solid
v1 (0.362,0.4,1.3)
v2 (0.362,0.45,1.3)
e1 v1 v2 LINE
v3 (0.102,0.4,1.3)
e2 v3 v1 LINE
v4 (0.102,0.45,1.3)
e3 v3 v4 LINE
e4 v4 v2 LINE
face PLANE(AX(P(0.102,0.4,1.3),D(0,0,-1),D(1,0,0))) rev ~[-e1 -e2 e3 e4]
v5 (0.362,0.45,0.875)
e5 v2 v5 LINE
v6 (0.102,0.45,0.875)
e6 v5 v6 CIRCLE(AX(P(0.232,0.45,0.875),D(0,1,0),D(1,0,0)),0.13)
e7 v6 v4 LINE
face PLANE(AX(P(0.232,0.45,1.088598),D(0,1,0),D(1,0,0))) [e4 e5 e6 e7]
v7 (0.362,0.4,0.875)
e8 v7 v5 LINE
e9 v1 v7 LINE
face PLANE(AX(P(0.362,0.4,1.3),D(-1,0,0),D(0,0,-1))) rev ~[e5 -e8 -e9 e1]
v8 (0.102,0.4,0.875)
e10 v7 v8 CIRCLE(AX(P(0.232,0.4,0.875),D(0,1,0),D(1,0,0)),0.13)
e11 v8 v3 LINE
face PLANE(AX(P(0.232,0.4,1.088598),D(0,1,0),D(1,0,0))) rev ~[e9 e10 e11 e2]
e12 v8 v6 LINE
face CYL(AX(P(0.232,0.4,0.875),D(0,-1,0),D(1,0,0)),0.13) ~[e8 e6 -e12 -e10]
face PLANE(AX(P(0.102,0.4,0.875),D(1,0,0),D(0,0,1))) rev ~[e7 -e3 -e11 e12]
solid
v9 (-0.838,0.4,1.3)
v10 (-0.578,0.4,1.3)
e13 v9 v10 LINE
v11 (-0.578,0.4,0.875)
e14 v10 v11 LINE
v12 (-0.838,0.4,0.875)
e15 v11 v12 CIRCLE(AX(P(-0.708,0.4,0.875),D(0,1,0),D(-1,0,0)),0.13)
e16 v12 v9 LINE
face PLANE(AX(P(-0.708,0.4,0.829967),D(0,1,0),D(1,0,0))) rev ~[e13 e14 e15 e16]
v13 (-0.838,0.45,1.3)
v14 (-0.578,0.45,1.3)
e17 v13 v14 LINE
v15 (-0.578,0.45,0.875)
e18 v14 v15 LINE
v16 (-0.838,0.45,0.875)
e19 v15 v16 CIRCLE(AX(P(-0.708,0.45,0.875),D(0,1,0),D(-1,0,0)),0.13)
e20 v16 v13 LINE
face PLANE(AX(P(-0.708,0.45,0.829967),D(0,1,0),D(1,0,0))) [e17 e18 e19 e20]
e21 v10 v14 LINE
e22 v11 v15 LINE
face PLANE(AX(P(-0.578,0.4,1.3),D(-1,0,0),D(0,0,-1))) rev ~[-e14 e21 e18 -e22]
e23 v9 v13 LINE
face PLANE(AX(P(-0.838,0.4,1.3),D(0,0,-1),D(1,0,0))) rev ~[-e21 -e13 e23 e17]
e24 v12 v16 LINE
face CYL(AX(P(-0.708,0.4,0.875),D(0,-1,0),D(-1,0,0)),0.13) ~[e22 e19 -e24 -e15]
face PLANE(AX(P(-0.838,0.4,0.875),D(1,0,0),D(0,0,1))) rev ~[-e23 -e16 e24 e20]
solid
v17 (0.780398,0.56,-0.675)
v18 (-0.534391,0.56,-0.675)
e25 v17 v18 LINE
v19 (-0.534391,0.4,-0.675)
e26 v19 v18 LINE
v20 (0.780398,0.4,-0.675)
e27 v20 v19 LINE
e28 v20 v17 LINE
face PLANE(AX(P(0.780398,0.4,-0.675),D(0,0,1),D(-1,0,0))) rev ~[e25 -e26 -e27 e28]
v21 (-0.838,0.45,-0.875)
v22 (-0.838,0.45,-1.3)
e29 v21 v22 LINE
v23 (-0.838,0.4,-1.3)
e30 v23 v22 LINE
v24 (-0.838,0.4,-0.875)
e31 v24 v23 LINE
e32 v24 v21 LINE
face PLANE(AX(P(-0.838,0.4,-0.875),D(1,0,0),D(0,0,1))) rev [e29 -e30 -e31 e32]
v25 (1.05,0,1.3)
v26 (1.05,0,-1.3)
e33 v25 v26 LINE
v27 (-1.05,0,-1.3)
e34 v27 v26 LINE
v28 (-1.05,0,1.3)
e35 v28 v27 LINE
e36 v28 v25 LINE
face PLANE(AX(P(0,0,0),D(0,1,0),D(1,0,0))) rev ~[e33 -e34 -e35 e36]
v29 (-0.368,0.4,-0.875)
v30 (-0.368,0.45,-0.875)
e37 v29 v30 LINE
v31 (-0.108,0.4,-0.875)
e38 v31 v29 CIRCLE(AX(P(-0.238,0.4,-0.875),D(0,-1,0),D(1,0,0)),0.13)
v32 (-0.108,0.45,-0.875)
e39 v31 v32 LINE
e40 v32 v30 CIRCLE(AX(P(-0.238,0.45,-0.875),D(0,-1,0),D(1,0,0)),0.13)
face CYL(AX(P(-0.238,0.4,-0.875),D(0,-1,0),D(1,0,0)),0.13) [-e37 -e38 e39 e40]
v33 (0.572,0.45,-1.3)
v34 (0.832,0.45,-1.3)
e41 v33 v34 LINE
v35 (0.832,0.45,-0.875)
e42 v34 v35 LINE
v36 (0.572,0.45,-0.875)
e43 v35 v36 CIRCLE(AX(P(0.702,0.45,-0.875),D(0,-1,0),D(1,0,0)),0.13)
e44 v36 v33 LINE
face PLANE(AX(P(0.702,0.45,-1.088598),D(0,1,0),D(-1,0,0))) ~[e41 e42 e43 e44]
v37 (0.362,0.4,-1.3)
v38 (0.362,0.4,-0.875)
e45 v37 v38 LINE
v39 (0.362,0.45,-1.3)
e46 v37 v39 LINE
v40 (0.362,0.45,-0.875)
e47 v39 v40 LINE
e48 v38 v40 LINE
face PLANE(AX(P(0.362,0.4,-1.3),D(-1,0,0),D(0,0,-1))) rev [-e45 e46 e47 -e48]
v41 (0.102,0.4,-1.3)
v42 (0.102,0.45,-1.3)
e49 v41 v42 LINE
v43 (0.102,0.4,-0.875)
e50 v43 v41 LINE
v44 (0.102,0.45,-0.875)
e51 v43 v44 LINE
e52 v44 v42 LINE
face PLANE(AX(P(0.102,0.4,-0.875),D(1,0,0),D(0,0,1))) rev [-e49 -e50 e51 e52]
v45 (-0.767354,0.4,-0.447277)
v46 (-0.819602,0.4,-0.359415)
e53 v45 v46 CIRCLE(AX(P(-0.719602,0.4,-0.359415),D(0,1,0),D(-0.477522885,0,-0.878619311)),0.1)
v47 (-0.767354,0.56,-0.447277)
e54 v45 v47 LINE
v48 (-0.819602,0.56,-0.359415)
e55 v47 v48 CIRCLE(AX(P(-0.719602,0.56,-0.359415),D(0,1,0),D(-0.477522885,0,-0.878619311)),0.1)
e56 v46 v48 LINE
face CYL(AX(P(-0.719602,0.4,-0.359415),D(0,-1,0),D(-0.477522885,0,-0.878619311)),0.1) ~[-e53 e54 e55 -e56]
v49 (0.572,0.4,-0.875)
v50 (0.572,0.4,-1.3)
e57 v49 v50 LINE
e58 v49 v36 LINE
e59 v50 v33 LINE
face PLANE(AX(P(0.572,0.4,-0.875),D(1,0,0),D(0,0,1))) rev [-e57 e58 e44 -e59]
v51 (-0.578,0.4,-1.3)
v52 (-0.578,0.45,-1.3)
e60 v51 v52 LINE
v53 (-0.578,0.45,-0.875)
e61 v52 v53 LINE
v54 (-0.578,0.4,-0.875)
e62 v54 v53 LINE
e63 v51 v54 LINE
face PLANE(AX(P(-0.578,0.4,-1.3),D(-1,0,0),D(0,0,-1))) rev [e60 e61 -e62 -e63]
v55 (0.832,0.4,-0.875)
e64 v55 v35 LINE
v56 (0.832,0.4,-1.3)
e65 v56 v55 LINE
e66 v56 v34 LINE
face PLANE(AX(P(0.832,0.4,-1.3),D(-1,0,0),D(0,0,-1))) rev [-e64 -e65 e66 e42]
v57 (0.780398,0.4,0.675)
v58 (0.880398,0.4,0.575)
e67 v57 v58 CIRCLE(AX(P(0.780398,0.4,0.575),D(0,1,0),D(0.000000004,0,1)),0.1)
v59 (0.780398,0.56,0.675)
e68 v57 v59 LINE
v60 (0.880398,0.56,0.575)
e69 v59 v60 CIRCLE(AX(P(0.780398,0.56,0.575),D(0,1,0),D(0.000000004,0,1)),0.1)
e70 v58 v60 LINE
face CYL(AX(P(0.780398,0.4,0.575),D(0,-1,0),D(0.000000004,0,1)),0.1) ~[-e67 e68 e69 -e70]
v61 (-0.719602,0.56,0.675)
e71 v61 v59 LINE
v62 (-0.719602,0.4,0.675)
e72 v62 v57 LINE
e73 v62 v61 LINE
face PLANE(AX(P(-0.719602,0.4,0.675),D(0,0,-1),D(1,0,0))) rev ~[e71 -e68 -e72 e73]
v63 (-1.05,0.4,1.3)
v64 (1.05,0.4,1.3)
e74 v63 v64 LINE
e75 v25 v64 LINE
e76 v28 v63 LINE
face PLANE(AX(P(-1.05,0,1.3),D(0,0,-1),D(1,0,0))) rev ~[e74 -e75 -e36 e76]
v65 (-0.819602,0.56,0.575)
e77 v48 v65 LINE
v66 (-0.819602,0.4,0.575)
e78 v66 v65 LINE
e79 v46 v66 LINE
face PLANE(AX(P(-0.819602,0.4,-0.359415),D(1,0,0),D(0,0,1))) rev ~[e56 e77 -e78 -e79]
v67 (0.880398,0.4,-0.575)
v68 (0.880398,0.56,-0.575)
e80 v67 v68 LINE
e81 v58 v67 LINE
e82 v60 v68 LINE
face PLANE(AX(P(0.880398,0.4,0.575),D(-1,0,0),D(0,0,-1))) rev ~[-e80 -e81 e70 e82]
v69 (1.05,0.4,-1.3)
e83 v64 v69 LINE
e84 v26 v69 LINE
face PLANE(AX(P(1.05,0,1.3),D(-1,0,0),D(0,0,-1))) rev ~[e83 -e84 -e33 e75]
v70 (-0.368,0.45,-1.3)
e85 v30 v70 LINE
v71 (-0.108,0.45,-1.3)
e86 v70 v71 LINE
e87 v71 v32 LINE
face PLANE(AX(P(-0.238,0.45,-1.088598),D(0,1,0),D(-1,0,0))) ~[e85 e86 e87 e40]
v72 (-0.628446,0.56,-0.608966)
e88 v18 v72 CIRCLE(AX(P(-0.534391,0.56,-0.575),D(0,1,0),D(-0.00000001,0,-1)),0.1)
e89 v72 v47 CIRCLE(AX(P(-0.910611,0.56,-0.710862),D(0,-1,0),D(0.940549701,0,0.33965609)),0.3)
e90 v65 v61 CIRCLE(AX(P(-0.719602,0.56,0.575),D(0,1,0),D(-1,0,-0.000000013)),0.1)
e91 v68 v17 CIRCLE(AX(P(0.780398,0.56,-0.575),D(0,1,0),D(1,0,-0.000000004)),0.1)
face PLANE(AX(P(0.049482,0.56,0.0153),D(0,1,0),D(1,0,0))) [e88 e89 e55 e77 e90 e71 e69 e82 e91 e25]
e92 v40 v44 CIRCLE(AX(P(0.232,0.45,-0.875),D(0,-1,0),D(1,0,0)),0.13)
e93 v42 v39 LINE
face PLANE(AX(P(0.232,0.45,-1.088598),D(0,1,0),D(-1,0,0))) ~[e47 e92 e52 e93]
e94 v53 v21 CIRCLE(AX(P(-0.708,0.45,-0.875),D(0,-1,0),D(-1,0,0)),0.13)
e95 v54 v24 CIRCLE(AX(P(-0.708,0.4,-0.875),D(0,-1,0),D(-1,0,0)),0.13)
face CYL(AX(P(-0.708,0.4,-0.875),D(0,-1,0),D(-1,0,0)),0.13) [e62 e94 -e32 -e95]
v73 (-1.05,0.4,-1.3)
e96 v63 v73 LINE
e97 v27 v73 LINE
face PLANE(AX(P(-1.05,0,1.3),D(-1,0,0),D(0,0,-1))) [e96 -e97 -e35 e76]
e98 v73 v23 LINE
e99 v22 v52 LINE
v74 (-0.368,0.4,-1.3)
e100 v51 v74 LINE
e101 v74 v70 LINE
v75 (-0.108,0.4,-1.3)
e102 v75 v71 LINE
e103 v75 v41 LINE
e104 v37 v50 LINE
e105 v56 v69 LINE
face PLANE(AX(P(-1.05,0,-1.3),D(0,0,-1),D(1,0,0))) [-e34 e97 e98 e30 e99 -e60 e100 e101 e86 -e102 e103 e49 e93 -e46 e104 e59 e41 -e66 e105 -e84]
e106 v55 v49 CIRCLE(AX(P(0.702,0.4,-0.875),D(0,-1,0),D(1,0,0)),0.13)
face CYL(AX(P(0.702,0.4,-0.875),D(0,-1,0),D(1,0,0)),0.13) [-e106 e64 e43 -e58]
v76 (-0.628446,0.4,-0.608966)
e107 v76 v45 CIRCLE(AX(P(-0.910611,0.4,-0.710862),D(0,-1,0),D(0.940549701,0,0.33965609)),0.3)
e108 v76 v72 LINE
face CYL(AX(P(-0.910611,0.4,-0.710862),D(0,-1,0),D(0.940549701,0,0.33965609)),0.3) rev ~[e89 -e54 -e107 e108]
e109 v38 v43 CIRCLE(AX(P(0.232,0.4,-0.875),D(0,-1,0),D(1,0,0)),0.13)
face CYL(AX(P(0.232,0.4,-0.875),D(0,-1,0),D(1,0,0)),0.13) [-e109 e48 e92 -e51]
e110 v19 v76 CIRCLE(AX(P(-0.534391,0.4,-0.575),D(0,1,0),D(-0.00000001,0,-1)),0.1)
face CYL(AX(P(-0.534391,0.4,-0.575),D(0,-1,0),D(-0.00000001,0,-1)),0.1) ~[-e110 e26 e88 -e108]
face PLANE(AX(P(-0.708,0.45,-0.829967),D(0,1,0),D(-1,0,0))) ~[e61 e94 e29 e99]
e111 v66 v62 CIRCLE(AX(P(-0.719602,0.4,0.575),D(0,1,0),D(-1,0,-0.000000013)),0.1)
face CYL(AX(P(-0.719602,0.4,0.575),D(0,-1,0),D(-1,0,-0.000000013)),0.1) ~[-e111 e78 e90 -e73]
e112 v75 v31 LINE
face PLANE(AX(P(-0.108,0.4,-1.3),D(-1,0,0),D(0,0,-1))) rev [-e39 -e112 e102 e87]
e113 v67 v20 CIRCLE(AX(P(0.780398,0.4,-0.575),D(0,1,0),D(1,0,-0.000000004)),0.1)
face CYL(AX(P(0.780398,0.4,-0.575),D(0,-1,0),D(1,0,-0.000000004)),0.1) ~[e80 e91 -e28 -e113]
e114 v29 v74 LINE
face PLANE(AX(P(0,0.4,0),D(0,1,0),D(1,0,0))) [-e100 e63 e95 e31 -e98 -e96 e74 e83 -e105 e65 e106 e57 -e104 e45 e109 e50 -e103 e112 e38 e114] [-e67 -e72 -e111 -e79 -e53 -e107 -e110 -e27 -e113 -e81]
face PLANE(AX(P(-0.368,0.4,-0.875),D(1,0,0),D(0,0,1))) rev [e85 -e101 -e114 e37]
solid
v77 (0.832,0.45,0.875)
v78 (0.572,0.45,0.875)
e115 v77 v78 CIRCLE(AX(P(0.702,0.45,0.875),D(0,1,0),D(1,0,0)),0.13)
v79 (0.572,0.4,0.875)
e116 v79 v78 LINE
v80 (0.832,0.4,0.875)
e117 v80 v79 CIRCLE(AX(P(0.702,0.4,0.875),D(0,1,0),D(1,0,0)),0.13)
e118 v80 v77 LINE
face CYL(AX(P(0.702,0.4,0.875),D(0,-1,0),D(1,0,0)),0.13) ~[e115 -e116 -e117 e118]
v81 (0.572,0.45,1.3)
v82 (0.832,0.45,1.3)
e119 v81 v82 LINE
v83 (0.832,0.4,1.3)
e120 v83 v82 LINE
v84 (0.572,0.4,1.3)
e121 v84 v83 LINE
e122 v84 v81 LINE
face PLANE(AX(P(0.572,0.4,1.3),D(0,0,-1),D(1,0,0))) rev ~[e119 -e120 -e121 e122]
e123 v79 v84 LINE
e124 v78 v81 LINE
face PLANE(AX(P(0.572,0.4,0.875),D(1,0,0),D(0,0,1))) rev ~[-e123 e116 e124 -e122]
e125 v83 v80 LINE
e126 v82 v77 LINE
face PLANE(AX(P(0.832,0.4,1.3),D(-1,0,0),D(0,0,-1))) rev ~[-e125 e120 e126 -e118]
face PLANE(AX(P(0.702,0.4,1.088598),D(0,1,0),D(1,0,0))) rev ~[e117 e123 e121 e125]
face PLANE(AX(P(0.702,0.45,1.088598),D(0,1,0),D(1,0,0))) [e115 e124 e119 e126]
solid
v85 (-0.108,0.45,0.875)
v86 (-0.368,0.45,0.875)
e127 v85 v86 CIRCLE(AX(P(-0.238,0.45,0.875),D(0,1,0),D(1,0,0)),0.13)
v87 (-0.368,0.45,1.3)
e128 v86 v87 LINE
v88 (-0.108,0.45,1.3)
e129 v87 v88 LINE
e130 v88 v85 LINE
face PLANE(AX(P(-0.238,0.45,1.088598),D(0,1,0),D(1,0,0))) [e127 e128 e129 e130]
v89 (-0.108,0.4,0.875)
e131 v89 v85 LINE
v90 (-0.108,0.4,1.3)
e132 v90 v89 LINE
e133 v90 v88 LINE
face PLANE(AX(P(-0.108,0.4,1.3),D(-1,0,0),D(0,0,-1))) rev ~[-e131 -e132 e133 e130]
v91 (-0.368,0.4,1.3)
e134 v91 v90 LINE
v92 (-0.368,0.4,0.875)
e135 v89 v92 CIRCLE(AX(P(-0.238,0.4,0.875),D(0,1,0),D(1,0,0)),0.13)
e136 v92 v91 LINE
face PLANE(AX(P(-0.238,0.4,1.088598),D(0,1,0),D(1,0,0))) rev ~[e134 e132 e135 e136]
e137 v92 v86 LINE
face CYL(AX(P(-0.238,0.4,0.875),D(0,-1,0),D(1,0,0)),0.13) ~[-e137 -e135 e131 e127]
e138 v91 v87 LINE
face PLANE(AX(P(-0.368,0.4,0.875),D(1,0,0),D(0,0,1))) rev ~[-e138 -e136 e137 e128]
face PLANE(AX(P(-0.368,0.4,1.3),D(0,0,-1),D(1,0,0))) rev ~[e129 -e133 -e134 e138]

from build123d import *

# Parameters (mm, degrees)
SKETCH1_W           = 2.1
SKETCH1_H           = 2.6
BOSS_EXTRUDE1_DEPTH = 0.4
BOSS_EXTRUDE2_DEPTH = 0.16
BOSS_EXTRUDE3_DEPTH = 0.05


with BuildPart() as part:
    # Sketch1 → Boss-Extrude1 (new body)
    with BuildSketch(Plane(origin=(0, 0, 0), x_dir=(1, 0, 0), z_dir=(0, 1, 0))):
        Rectangle(SKETCH1_W, SKETCH1_H)
    extrude(amount=BOSS_EXTRUDE1_DEPTH)

    # Sketch2 → Boss-Extrude2 (add)
    with BuildSketch(Plane(origin=(0, 0.4, 0), x_dir=(1, 0, 0), z_dir=(0, 1, 0))):
        with BuildLine():
            Line((-0.819602151, 0.359414715), (-0.819602151, -0.575))
            ThreePointArc((-0.819602151, -0.575), (-0.79031283, -0.645710678), (-0.719602151, -0.675))
            Line((-0.719602151, -0.675), (0.780397849, -0.675))
            ThreePointArc((0.780397849, -0.675), (0.851108527, -0.645710678), (0.880397849, -0.575))
            Line((0.880397849, -0.575), (0.880397849, 0.575))
            ThreePointArc((0.880397849, 0.575), (0.851108527, 0.645710678), (0.780397849, 0.675))
            Line((0.780397849, 0.675), (-0.53439143, 0.675))
            ThreePointArc((-0.53439143, 0.675), (-0.591852021, 0.656843023), (-0.6284464, 0.608965609))
            ThreePointArc((-0.6284464, 0.608965609), (-0.683055267, 0.515367559), (-0.767354441, 0.447276646))
            ThreePointArc((-0.767354441, 0.447276646), (-0.805553385, 0.410526216), (-0.819602151, 0.359414715))
        make_face()
    extrude(amount=BOSS_EXTRUDE2_DEPTH)


with BuildPart() as body_2:
    # Sketch3 → Boss-Extrude3 (new body)
    with BuildSketch(Plane(origin=(0, 0.4, 0), x_dir=(1, 0, 0), z_dir=(0, 1, 0))):
        with BuildLine():
            Line((-0.368, -0.875), (-0.368, -1.3))
            Line((-0.368, -1.3), (-0.108, -1.3))
            Line((-0.108, -1.3), (-0.108, -0.875))
            ThreePointArc((-0.108, -0.875), (-0.238, -1.005), (-0.368, -0.875))
        make_face()
        with BuildLine():
            ThreePointArc((-0.108, -0.875), (-0.238, -0.745), (-0.368, -0.875))
            Line((-0.368, -0.875), (-0.108, -0.875))
        make_face()
        with BuildLine():
            Line((-0.108, -0.875), (-0.368, -0.875))
            ThreePointArc((-0.368, -0.875), (-0.238, -1.005), (-0.108, -0.875))
        make_face()
        with BuildLine():
            ThreePointArc((-0.578, -0.875), (-0.708, -0.745), (-0.838, -0.875))
            Line((-0.838, -0.875), (-0.578, -0.875))
        make_face()
        with BuildLine():
            Line((-0.578, -0.875), (-0.838, -0.875))
            ThreePointArc((-0.838, -0.875), (-0.708, -1.005), (-0.578, -0.875))
        make_face()
        with BuildLine():
            Line((-0.838, -0.875), (-0.838, -1.3))
            Line((-0.838, -1.3), (-0.578, -1.3))
            Line((-0.578, -1.3), (-0.578, -0.875))
            ThreePointArc((-0.578, -0.875), (-0.708, -1.005), (-0.838, -0.875))
        make_face()
        with BuildLine():
            Line((0.102, -0.875), (0.102, -1.3))
            Line((0.102, -1.3), (0.362, -1.3))
            Line((0.362, -1.3), (0.362, -0.875))
            ThreePointArc((0.362, -0.875), (0.232, -1.005), (0.102, -0.875))
        make_face()
        with BuildLine():
            ThreePointArc((0.362, -0.875), (0.232, -0.745), (0.102, -0.875))
            Line((0.102, -0.875), (0.362, -0.875))
        make_face()
        with BuildLine():
            Line((0.362, -0.875), (0.102, -0.875))
            ThreePointArc((0.102, -0.875), (0.232, -1.005), (0.362, -0.875))
        make_face()
        with BuildLine():
            Line((0.572, -0.875), (0.572, -1.3))
            Line((0.572, -1.3), (0.832, -1.3))
            Line((0.832, -1.3), (0.832, -0.875))
            ThreePointArc((0.832, -0.875), (0.702, -1.005), (0.572, -0.875))
        make_face()
        with BuildLine():
            ThreePointArc((0.832, -0.875), (0.702, -0.745), (0.572, -0.875))
            Line((0.572, -0.875), (0.832, -0.875))
        make_face()
        with BuildLine():
            Line((0.832, -0.875), (0.572, -0.875))
            ThreePointArc((0.572, -0.875), (0.702, -1.005), (0.832, -0.875))
        make_face()
    boss_extrude3 = extrude(amount=BOSS_EXTRUDE3_DEPTH)


with BuildPart() as part_1:
    add(part.part)

    # Mirror1: Boss-Extrude3 across plane
    add(boss_extrude3.mirror(Plane(origin=(0, 0, 0), x_dir=(1, 0, 0), z_dir=(0, 0, -1))))


solid = Compound([body_2.part, part_1.part])
